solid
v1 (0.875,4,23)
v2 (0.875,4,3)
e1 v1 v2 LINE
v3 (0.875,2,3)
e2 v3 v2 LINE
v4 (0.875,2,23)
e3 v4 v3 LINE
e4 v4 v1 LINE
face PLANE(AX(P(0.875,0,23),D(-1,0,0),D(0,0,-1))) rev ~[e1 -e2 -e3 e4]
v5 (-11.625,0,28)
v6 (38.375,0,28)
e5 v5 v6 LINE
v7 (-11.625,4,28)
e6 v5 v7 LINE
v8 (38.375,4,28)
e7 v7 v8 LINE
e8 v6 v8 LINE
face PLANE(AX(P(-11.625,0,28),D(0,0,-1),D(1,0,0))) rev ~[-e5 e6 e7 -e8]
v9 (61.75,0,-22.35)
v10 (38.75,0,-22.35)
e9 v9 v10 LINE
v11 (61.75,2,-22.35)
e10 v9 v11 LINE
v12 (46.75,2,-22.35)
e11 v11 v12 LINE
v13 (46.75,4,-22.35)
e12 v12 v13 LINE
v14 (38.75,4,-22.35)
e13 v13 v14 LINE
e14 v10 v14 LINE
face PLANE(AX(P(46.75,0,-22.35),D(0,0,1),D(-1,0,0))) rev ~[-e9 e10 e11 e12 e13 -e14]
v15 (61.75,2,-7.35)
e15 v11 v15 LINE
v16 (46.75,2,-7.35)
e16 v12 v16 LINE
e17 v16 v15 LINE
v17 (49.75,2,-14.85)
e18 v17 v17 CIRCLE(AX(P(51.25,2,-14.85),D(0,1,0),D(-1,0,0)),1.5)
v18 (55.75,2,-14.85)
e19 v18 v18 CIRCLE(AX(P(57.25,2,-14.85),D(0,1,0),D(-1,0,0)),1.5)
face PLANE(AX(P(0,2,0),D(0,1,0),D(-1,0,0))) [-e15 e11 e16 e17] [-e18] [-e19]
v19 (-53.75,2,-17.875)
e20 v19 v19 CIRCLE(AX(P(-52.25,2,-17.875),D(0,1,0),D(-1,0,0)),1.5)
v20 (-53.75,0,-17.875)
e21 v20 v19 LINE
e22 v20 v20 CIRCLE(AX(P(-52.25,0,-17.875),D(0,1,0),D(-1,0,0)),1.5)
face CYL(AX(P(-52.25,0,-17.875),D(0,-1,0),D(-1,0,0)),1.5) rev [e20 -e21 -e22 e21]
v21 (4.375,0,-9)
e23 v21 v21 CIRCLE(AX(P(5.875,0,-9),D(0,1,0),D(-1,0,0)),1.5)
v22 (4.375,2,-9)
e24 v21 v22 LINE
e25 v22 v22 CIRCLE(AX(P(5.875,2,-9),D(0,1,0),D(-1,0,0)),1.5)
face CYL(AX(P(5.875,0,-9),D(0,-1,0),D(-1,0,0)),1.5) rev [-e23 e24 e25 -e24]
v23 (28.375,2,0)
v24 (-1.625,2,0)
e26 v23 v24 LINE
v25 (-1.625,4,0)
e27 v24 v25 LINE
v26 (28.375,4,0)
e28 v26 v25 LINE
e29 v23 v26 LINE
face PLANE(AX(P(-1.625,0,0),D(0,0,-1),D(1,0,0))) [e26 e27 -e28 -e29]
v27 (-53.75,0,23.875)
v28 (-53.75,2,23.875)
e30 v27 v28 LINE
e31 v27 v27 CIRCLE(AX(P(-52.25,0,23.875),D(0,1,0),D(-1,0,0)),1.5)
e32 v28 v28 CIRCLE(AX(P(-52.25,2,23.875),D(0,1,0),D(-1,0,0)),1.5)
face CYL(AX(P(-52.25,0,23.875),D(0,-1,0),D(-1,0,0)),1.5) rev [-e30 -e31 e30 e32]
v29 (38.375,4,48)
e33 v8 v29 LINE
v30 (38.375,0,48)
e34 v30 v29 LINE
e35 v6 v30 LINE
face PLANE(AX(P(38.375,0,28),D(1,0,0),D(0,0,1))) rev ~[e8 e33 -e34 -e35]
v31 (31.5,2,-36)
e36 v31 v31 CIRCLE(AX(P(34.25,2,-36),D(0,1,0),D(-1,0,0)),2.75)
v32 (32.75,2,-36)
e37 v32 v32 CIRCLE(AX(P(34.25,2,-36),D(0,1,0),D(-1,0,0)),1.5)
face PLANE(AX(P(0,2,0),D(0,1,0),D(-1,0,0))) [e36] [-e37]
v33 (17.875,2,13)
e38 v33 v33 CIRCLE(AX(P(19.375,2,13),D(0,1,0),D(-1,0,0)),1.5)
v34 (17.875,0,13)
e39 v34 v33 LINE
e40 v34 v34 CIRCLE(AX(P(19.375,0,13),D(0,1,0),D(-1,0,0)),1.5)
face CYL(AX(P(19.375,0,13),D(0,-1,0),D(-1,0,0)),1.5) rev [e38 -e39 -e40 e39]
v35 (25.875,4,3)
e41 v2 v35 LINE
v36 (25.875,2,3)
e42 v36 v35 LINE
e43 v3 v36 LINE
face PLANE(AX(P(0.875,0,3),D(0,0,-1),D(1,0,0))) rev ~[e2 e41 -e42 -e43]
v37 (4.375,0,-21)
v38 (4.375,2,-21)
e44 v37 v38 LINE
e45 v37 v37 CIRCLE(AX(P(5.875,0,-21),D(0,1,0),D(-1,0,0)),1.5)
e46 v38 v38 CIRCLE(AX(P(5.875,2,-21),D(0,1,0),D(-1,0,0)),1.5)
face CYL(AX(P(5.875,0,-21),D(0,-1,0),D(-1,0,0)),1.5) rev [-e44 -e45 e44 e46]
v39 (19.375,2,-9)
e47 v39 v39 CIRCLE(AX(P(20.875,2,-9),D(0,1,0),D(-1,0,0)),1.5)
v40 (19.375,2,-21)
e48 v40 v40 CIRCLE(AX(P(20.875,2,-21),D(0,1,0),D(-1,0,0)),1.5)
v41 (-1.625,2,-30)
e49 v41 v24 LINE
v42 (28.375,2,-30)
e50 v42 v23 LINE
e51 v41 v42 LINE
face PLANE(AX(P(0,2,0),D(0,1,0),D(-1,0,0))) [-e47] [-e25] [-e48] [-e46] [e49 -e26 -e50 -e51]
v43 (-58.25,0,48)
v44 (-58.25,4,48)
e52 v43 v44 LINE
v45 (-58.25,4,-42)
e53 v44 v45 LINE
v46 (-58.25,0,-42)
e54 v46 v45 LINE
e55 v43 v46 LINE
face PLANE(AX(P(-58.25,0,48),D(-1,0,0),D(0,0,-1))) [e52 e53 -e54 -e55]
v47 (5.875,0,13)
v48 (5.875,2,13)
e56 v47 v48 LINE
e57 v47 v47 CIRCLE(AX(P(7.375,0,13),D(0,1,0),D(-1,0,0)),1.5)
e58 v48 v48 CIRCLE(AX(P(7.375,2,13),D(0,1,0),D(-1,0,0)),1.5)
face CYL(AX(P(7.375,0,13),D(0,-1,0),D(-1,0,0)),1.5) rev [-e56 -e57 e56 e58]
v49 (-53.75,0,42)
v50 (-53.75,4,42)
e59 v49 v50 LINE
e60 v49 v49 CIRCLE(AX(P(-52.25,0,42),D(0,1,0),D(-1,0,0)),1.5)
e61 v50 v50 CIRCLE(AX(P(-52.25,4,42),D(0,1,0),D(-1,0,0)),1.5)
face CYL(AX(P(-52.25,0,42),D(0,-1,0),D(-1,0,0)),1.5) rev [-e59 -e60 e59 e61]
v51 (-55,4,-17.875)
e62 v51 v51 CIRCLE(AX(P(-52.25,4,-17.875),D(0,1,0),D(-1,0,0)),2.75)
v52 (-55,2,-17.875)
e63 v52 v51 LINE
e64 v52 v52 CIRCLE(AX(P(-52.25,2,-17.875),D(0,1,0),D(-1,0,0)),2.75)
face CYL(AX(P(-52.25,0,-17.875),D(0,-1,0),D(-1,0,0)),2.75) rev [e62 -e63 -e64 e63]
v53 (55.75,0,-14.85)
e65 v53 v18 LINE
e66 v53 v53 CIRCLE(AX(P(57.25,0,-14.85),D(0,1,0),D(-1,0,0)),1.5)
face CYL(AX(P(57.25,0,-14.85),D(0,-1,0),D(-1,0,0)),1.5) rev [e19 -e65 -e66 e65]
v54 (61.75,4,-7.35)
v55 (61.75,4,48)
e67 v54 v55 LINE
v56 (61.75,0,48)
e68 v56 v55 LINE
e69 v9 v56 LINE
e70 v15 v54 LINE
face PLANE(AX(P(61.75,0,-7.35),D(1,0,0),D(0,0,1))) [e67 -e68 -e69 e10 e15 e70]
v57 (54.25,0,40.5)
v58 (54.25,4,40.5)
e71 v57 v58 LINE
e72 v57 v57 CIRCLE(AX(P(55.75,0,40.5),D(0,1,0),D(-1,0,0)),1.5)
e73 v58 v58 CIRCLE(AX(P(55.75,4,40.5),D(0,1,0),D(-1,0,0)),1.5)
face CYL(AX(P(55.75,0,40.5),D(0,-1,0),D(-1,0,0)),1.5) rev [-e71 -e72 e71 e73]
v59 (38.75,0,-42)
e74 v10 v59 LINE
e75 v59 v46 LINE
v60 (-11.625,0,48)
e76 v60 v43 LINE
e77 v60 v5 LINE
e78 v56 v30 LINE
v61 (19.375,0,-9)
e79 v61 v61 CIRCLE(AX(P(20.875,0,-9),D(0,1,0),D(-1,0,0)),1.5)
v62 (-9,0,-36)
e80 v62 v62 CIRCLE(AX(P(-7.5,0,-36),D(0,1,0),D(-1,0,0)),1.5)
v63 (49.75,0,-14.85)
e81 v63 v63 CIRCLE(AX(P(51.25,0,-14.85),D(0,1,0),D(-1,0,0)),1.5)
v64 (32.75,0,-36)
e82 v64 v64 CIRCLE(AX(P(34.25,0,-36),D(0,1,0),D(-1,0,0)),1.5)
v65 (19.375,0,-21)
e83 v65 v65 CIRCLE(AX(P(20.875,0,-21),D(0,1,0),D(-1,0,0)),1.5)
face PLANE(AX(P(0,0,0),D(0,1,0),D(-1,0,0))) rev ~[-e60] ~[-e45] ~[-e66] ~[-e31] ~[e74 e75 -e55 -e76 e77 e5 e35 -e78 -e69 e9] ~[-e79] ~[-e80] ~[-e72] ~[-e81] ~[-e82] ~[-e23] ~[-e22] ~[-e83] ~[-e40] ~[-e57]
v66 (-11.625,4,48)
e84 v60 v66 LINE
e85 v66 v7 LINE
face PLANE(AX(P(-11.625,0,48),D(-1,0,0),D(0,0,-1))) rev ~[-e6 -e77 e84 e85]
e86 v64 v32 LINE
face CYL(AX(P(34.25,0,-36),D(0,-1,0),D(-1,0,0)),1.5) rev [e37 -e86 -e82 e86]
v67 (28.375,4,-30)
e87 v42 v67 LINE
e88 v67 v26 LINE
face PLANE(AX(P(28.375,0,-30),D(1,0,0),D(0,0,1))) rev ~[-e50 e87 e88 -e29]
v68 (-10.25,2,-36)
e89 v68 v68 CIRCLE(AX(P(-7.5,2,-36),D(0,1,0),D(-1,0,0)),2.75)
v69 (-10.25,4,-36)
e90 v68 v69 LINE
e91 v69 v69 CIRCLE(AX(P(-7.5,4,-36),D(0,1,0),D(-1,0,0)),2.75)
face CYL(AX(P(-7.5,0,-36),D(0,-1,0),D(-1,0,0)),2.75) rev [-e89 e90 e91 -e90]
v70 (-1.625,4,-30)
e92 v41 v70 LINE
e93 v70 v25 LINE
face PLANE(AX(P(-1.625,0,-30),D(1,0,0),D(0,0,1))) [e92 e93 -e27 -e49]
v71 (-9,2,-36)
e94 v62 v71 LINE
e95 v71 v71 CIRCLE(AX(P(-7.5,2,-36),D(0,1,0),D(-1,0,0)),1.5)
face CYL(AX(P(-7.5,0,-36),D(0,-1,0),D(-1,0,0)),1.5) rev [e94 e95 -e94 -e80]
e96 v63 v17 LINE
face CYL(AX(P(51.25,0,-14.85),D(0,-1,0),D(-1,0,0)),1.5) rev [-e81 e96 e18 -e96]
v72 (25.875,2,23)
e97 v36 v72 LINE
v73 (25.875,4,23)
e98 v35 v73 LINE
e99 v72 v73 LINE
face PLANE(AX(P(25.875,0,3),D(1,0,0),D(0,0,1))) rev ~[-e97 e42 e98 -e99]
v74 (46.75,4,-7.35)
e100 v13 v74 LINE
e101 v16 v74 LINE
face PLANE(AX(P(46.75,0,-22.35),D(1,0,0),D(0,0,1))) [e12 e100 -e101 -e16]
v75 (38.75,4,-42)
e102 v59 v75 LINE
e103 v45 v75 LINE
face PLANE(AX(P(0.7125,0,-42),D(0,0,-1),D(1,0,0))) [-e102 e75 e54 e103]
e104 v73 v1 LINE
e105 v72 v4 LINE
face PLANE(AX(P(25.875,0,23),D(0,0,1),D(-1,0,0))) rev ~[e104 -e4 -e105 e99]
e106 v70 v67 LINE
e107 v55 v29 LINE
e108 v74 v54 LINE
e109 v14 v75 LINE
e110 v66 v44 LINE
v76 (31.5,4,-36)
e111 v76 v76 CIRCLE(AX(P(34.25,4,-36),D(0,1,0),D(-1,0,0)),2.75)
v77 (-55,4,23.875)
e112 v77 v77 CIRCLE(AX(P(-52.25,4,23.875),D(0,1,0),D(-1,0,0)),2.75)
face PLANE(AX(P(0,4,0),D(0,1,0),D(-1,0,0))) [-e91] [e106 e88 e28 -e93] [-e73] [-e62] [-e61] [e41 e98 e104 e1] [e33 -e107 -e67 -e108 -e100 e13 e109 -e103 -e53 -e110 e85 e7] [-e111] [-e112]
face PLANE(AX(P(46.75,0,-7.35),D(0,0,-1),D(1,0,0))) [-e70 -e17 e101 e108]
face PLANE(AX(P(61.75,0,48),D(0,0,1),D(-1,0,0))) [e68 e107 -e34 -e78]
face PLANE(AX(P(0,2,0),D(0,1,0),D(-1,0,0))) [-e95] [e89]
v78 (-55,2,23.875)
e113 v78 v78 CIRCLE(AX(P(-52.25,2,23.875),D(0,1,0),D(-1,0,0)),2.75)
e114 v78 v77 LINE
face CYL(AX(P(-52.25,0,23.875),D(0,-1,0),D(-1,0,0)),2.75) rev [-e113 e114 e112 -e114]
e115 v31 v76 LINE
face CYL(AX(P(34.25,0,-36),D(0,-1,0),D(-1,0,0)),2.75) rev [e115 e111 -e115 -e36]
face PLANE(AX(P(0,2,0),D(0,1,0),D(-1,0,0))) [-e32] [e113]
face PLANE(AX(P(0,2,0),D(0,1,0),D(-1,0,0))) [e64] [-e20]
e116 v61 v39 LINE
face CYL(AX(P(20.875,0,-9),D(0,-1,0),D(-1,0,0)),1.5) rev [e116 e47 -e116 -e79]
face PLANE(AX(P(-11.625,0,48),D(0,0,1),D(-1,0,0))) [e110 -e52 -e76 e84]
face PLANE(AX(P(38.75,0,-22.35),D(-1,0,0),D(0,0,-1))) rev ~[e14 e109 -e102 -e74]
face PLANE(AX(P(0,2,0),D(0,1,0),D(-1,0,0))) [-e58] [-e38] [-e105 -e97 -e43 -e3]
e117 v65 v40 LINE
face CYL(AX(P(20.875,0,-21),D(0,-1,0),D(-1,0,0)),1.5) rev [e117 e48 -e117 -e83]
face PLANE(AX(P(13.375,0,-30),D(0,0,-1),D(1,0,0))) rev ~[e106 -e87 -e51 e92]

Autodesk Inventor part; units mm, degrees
ref_plane "YZ Plane" through (0, 0, 0) normal (1, 0, 0) x (0, 1, 0)
ref_plane "XZ Plane" through (0, 0, 0) normal (0, 1, 0) x (-1, 0, 0)
ref_plane "XY Plane" through (0, 0, 0) normal (0, 0, 1) x (1, 0, 0)
sketch "Sketch1" plane through (0, 0, 0) normal (0, 1, 0) x (-1, 0, 0)
  line L0 (-61.75, -42) -> (-61.75, 48)
  line L1 (-0.875, 23) -> (-0.875, 3)
  circle A0 centre (-7.375, 13) radius 1.5
  line L2 (11.625, 48) -> (11.625, 28)
  circle A1 centre (-19.375, 13) radius 1.5
  line L3 (-0.875, 3) -> (-25.875, 3)
  line L4 (-25.875, 23) -> (-0.875, 23)
  line L5 (-25.875, 3) -> (-25.875, 23)
  line L6 (-61.75, 48) -> (58.25, 48)
  line L7 (11.625, 28) -> (-38.375, 28)
  line L8 (-38.375, 48) -> (11.625, 48)
  circle A2 centre (-55.75, 40.5) radius 1.5
  line L9 (-38.375, 28) -> (-38.375, 48)
  line L10 (-28.375, 0) -> (-13.375, 0)
  line L11 (-13.375, 0) -> (-13.375, -30)
  line L12 (-13.375, -30) -> (-28.375, -30)
  line L13 (-28.375, -30) -> (-28.375, 0)
  line L14 (1.625, 0) -> (-13.375, 0)
  circle A3 centre (-5.875, -9) radius 1.5
  circle A4 centre (-5.875, -21) radius 1.5
  circle A5 centre (-20.875, -9) radius 1.5
  line L15 (1.625, -30) -> (1.625, 0)
  line L16 (-13.375, 0) -> (-13.375, -30)
  line L17 (-13.375, -30) -> (1.625, -30)
  circle A6 centre (-20.875, -21) radius 1.5
  line L18 (-46.75, -7.35) -> (-61.75, -7.35)
  circle A7 centre (-51.25, -14.85) radius 1.5
  circle A8 centre (-51.25, -14.85) radius 2.5
  circle A9 centre (-57.25, -14.85) radius 1.5
  circle A10 centre (-57.25, -14.85) radius 2.5
  line L19 (-46.75, -22.35) -> (-46.75, -7.35)
  line L20 (-61.75, -7.35) -> (-61.75, -22.35)
  line L21 (-61.75, -22.35) -> (-46.75, -22.35)
  line L22 (-61.75, -25) -> (-61.75, -42)
  line L23 (-61.75, -42) -> (-46.75, -42)
  line L24 (58.25, 48) -> (58.25, -42)
  line L25 (58.25, -42) -> (9.2875, -42)
  circle A11 centre (52.25, 42) radius 1.5
  circle A12 centre (52.25, -17.875) radius 1.5
  circle A13 centre (52.25, -17.875) radius 2.75
  line L26 (43.975, 3) -> (63.025, 3) construction
  circle A14 centre (52.25, 23.875) radius 2.75
  circle A15 centre (52.25, 23.875) radius 1.5
  line L27 (-0.7125, -42) -> (-61.75, -42)
  circle A16 centre (-34.25, -36) radius 2.75
  circle A17 centre (-34.25, -36) radius 1.5
  line L28 (-0.7125, -42) -> (9.2875, -42)
  circle A18 centre (7.5, -36) radius 1.5
  circle A19 centre (7.5, -36) radius 2.75
  line L29 (-13.375, 3) -> (-13.375, -33.5) construction
  line L30 (-46.75, -22.35) -> (-38.75, -22.35)
  line L31 (-38.75, -22.35) -> (-38.75, -42)
  point P0 (6.919, -15.2883)
  point P1 (4.2875, 3)
  point P2 (-0.875, 13)
  point P3 (-34.25, -30)
  point P4 (7.5, -30)
  point P5 (-41.75, -42)
  dimension "d32" = 7.5
  dimension "d33" = 12
  dimension "d34" = 12
  dimension "d35" = 7.5
  dimension "d36" = 0
  dimension "d37" = 0
  dimension "d39" = 8
  dimension "d40" = 5.5
  dimension "d41" = 5.5
  dimension "d42" = 5.5
  dimension "d43" = 5.5
extrude "Extrusion1" add sketch "Sketch1" along normal blind 4 contours L31 L30 L19 L18 L0 L6 L9 L7 L2 L24 L25 L28 L27
extrude "Extrusion2" add sketch "Sketch1" along normal blind 2 contours L0 L18 L19 L21 | L1 L3 L5 L4 | L10 L11 L12 L13 | L14 L15 L17 L11 | A8 | A10 | A13 | A14 | A16 | A19
properties part number "Casis Kiri Bawah_3DPrint"
